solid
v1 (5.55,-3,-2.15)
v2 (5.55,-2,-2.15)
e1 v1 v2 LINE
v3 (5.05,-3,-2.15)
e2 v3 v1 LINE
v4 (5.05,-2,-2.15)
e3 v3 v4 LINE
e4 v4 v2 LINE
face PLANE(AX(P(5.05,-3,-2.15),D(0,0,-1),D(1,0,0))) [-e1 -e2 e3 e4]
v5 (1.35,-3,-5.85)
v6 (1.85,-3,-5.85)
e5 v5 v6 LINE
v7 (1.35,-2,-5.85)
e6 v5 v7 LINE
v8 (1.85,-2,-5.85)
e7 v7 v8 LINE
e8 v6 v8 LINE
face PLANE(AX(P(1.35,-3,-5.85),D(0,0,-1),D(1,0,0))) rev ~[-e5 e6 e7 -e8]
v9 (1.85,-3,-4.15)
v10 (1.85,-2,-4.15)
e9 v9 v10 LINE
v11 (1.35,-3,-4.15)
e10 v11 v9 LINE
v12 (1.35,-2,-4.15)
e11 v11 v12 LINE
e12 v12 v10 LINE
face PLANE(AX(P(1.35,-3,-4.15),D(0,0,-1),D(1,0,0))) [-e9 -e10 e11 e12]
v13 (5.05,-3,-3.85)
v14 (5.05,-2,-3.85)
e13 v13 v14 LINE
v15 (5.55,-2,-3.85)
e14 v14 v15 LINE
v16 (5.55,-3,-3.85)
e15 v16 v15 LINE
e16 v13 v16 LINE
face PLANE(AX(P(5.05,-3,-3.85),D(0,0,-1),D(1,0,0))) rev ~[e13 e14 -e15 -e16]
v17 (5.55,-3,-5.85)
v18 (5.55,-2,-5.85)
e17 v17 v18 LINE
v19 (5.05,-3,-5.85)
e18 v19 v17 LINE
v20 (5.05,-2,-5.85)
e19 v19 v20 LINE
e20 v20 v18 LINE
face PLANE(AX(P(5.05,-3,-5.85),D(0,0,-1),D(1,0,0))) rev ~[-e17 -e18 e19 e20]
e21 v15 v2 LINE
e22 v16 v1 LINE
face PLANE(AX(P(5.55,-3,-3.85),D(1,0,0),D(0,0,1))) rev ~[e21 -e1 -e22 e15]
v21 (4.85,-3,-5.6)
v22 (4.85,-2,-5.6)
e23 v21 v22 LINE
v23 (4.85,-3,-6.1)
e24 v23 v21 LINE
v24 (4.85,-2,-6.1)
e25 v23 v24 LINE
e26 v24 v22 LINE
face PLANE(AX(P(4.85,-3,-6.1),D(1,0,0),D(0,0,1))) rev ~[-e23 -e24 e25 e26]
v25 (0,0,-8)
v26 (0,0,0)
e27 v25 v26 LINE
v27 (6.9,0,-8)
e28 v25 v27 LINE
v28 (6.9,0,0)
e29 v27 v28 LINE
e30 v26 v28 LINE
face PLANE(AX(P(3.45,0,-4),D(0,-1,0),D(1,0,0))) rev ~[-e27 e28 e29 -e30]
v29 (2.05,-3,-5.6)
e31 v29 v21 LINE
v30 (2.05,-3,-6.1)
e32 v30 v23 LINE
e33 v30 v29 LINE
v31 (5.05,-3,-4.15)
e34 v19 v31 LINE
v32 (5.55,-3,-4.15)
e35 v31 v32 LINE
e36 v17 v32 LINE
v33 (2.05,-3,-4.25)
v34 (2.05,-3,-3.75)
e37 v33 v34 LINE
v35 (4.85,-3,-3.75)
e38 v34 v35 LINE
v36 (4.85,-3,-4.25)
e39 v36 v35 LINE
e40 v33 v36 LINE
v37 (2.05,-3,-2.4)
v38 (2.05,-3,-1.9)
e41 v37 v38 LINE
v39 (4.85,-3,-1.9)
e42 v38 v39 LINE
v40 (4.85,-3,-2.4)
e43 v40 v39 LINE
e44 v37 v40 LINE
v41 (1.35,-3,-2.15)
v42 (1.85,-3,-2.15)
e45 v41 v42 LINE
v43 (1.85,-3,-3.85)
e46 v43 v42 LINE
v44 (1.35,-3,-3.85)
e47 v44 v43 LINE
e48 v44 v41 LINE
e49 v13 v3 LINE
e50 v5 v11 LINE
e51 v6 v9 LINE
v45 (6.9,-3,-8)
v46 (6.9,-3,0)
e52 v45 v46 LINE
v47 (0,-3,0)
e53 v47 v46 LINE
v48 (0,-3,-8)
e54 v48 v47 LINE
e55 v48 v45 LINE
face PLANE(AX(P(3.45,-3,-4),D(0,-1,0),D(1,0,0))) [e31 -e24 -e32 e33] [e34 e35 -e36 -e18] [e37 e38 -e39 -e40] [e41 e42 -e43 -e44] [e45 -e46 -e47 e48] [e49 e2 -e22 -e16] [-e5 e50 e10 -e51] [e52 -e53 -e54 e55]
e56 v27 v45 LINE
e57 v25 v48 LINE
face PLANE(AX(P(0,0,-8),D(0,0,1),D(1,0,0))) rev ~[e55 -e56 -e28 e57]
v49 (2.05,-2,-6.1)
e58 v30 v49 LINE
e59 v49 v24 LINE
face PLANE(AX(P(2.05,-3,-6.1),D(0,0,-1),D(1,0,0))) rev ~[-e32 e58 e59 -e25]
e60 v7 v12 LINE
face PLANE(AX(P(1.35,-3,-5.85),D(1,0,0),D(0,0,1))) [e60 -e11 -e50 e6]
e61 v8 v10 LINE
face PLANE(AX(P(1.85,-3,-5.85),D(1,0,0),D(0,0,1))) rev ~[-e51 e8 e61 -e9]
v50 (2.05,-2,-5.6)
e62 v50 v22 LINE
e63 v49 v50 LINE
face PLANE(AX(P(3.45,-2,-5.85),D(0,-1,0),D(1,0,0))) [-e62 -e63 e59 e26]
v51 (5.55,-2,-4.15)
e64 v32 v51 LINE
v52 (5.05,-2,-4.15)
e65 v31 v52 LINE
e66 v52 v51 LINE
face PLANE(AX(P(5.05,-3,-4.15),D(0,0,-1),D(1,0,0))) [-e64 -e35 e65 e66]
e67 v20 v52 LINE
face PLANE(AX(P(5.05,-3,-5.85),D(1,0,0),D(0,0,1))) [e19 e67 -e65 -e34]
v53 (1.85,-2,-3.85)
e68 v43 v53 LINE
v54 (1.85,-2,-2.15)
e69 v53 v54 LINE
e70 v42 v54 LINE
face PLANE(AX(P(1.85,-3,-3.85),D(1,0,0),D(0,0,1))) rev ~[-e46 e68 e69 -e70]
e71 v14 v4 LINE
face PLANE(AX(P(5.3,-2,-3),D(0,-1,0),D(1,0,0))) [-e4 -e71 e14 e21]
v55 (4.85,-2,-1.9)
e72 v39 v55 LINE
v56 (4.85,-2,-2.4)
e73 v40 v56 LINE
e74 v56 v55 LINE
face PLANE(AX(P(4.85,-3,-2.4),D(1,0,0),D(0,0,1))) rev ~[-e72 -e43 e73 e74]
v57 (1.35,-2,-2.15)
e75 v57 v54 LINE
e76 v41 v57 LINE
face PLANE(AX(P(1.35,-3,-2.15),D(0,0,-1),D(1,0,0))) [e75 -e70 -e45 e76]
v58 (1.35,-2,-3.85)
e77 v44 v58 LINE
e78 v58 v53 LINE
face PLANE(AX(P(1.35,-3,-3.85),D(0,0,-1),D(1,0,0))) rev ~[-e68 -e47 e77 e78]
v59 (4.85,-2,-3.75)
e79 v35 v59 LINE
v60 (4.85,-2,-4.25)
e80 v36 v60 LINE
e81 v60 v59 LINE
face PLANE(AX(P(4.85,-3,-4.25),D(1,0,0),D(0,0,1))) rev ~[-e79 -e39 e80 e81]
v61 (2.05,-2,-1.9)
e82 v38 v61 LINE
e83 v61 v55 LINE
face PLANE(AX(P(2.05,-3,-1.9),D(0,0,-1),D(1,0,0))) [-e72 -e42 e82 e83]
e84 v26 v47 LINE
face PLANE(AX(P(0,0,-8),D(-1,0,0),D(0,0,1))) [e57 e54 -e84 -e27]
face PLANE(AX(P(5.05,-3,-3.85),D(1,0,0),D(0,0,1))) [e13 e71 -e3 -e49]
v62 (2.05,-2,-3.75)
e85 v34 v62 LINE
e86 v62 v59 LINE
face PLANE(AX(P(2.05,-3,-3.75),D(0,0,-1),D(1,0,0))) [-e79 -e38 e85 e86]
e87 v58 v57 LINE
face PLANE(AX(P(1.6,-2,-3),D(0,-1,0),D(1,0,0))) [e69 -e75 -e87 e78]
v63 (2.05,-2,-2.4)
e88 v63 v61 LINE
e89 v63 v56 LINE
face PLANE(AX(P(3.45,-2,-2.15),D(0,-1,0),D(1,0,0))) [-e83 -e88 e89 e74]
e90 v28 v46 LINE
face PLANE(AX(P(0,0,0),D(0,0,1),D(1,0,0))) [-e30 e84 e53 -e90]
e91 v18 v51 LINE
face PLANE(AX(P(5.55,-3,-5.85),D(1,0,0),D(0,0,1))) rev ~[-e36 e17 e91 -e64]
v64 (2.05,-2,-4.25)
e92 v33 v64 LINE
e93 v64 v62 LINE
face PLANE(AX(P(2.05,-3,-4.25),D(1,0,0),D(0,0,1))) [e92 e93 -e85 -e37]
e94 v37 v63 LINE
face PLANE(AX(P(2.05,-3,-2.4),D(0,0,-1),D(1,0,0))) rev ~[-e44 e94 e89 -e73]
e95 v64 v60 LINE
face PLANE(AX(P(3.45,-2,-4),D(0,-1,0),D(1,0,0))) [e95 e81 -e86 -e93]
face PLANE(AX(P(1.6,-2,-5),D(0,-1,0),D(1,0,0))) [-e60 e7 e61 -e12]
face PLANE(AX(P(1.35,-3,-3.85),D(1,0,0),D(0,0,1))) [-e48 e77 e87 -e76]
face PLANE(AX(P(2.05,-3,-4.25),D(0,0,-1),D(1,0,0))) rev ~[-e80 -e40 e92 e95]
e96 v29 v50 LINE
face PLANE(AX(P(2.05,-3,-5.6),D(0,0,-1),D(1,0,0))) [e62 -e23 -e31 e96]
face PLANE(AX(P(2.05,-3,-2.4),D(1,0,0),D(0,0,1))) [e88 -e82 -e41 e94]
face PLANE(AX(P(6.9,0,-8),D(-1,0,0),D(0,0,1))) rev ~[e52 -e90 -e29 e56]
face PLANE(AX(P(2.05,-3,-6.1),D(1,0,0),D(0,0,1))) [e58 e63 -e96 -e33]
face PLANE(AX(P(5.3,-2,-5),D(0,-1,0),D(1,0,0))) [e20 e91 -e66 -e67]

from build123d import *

# Parameters (mm, degrees)
F0_W     = 6.9
F0_H     = 8
F1_DEPTH = 3
F2_W     = 2.8
F2_H     = 0.5
F2_W_2   = 0.5
F2_H_2   = 1.7
F3_DEPTH = 1


with BuildPart() as f1:
    # F0 (on Front) → F1 (new body)
    with BuildSketch(Plane.XZ):
        with Locations((3.45, -4)):
            Rectangle(F0_W, F0_H)
    extrude(amount=F1_DEPTH)

    # F2 (on face) → F3 (cut)
    with BuildSketch(Plane.XZ.offset(3)):
        with Locations((3.45, -2.15)):
            Rectangle(F2_W, F2_H)
        with Locations((3.45, -5.85)):
            Rectangle(F2_W, F2_H)
        with Locations((3.45, -4)):
            Rectangle(F2_W, F2_H)
        with Locations((1.6, -5)):
            Rectangle(F2_W_2, F2_H_2)
        with Locations((1.6, -3)):
            Rectangle(F2_W_2, F2_H_2)
        with Locations((5.3, -5)):
            Rectangle(F2_W_2, F2_H_2)
        with Locations((5.3, -3)):
            Rectangle(F2_W_2, F2_H_2)
    extrude(amount=-F3_DEPTH, mode=Mode.SUBTRACT)


solid = f1.part
